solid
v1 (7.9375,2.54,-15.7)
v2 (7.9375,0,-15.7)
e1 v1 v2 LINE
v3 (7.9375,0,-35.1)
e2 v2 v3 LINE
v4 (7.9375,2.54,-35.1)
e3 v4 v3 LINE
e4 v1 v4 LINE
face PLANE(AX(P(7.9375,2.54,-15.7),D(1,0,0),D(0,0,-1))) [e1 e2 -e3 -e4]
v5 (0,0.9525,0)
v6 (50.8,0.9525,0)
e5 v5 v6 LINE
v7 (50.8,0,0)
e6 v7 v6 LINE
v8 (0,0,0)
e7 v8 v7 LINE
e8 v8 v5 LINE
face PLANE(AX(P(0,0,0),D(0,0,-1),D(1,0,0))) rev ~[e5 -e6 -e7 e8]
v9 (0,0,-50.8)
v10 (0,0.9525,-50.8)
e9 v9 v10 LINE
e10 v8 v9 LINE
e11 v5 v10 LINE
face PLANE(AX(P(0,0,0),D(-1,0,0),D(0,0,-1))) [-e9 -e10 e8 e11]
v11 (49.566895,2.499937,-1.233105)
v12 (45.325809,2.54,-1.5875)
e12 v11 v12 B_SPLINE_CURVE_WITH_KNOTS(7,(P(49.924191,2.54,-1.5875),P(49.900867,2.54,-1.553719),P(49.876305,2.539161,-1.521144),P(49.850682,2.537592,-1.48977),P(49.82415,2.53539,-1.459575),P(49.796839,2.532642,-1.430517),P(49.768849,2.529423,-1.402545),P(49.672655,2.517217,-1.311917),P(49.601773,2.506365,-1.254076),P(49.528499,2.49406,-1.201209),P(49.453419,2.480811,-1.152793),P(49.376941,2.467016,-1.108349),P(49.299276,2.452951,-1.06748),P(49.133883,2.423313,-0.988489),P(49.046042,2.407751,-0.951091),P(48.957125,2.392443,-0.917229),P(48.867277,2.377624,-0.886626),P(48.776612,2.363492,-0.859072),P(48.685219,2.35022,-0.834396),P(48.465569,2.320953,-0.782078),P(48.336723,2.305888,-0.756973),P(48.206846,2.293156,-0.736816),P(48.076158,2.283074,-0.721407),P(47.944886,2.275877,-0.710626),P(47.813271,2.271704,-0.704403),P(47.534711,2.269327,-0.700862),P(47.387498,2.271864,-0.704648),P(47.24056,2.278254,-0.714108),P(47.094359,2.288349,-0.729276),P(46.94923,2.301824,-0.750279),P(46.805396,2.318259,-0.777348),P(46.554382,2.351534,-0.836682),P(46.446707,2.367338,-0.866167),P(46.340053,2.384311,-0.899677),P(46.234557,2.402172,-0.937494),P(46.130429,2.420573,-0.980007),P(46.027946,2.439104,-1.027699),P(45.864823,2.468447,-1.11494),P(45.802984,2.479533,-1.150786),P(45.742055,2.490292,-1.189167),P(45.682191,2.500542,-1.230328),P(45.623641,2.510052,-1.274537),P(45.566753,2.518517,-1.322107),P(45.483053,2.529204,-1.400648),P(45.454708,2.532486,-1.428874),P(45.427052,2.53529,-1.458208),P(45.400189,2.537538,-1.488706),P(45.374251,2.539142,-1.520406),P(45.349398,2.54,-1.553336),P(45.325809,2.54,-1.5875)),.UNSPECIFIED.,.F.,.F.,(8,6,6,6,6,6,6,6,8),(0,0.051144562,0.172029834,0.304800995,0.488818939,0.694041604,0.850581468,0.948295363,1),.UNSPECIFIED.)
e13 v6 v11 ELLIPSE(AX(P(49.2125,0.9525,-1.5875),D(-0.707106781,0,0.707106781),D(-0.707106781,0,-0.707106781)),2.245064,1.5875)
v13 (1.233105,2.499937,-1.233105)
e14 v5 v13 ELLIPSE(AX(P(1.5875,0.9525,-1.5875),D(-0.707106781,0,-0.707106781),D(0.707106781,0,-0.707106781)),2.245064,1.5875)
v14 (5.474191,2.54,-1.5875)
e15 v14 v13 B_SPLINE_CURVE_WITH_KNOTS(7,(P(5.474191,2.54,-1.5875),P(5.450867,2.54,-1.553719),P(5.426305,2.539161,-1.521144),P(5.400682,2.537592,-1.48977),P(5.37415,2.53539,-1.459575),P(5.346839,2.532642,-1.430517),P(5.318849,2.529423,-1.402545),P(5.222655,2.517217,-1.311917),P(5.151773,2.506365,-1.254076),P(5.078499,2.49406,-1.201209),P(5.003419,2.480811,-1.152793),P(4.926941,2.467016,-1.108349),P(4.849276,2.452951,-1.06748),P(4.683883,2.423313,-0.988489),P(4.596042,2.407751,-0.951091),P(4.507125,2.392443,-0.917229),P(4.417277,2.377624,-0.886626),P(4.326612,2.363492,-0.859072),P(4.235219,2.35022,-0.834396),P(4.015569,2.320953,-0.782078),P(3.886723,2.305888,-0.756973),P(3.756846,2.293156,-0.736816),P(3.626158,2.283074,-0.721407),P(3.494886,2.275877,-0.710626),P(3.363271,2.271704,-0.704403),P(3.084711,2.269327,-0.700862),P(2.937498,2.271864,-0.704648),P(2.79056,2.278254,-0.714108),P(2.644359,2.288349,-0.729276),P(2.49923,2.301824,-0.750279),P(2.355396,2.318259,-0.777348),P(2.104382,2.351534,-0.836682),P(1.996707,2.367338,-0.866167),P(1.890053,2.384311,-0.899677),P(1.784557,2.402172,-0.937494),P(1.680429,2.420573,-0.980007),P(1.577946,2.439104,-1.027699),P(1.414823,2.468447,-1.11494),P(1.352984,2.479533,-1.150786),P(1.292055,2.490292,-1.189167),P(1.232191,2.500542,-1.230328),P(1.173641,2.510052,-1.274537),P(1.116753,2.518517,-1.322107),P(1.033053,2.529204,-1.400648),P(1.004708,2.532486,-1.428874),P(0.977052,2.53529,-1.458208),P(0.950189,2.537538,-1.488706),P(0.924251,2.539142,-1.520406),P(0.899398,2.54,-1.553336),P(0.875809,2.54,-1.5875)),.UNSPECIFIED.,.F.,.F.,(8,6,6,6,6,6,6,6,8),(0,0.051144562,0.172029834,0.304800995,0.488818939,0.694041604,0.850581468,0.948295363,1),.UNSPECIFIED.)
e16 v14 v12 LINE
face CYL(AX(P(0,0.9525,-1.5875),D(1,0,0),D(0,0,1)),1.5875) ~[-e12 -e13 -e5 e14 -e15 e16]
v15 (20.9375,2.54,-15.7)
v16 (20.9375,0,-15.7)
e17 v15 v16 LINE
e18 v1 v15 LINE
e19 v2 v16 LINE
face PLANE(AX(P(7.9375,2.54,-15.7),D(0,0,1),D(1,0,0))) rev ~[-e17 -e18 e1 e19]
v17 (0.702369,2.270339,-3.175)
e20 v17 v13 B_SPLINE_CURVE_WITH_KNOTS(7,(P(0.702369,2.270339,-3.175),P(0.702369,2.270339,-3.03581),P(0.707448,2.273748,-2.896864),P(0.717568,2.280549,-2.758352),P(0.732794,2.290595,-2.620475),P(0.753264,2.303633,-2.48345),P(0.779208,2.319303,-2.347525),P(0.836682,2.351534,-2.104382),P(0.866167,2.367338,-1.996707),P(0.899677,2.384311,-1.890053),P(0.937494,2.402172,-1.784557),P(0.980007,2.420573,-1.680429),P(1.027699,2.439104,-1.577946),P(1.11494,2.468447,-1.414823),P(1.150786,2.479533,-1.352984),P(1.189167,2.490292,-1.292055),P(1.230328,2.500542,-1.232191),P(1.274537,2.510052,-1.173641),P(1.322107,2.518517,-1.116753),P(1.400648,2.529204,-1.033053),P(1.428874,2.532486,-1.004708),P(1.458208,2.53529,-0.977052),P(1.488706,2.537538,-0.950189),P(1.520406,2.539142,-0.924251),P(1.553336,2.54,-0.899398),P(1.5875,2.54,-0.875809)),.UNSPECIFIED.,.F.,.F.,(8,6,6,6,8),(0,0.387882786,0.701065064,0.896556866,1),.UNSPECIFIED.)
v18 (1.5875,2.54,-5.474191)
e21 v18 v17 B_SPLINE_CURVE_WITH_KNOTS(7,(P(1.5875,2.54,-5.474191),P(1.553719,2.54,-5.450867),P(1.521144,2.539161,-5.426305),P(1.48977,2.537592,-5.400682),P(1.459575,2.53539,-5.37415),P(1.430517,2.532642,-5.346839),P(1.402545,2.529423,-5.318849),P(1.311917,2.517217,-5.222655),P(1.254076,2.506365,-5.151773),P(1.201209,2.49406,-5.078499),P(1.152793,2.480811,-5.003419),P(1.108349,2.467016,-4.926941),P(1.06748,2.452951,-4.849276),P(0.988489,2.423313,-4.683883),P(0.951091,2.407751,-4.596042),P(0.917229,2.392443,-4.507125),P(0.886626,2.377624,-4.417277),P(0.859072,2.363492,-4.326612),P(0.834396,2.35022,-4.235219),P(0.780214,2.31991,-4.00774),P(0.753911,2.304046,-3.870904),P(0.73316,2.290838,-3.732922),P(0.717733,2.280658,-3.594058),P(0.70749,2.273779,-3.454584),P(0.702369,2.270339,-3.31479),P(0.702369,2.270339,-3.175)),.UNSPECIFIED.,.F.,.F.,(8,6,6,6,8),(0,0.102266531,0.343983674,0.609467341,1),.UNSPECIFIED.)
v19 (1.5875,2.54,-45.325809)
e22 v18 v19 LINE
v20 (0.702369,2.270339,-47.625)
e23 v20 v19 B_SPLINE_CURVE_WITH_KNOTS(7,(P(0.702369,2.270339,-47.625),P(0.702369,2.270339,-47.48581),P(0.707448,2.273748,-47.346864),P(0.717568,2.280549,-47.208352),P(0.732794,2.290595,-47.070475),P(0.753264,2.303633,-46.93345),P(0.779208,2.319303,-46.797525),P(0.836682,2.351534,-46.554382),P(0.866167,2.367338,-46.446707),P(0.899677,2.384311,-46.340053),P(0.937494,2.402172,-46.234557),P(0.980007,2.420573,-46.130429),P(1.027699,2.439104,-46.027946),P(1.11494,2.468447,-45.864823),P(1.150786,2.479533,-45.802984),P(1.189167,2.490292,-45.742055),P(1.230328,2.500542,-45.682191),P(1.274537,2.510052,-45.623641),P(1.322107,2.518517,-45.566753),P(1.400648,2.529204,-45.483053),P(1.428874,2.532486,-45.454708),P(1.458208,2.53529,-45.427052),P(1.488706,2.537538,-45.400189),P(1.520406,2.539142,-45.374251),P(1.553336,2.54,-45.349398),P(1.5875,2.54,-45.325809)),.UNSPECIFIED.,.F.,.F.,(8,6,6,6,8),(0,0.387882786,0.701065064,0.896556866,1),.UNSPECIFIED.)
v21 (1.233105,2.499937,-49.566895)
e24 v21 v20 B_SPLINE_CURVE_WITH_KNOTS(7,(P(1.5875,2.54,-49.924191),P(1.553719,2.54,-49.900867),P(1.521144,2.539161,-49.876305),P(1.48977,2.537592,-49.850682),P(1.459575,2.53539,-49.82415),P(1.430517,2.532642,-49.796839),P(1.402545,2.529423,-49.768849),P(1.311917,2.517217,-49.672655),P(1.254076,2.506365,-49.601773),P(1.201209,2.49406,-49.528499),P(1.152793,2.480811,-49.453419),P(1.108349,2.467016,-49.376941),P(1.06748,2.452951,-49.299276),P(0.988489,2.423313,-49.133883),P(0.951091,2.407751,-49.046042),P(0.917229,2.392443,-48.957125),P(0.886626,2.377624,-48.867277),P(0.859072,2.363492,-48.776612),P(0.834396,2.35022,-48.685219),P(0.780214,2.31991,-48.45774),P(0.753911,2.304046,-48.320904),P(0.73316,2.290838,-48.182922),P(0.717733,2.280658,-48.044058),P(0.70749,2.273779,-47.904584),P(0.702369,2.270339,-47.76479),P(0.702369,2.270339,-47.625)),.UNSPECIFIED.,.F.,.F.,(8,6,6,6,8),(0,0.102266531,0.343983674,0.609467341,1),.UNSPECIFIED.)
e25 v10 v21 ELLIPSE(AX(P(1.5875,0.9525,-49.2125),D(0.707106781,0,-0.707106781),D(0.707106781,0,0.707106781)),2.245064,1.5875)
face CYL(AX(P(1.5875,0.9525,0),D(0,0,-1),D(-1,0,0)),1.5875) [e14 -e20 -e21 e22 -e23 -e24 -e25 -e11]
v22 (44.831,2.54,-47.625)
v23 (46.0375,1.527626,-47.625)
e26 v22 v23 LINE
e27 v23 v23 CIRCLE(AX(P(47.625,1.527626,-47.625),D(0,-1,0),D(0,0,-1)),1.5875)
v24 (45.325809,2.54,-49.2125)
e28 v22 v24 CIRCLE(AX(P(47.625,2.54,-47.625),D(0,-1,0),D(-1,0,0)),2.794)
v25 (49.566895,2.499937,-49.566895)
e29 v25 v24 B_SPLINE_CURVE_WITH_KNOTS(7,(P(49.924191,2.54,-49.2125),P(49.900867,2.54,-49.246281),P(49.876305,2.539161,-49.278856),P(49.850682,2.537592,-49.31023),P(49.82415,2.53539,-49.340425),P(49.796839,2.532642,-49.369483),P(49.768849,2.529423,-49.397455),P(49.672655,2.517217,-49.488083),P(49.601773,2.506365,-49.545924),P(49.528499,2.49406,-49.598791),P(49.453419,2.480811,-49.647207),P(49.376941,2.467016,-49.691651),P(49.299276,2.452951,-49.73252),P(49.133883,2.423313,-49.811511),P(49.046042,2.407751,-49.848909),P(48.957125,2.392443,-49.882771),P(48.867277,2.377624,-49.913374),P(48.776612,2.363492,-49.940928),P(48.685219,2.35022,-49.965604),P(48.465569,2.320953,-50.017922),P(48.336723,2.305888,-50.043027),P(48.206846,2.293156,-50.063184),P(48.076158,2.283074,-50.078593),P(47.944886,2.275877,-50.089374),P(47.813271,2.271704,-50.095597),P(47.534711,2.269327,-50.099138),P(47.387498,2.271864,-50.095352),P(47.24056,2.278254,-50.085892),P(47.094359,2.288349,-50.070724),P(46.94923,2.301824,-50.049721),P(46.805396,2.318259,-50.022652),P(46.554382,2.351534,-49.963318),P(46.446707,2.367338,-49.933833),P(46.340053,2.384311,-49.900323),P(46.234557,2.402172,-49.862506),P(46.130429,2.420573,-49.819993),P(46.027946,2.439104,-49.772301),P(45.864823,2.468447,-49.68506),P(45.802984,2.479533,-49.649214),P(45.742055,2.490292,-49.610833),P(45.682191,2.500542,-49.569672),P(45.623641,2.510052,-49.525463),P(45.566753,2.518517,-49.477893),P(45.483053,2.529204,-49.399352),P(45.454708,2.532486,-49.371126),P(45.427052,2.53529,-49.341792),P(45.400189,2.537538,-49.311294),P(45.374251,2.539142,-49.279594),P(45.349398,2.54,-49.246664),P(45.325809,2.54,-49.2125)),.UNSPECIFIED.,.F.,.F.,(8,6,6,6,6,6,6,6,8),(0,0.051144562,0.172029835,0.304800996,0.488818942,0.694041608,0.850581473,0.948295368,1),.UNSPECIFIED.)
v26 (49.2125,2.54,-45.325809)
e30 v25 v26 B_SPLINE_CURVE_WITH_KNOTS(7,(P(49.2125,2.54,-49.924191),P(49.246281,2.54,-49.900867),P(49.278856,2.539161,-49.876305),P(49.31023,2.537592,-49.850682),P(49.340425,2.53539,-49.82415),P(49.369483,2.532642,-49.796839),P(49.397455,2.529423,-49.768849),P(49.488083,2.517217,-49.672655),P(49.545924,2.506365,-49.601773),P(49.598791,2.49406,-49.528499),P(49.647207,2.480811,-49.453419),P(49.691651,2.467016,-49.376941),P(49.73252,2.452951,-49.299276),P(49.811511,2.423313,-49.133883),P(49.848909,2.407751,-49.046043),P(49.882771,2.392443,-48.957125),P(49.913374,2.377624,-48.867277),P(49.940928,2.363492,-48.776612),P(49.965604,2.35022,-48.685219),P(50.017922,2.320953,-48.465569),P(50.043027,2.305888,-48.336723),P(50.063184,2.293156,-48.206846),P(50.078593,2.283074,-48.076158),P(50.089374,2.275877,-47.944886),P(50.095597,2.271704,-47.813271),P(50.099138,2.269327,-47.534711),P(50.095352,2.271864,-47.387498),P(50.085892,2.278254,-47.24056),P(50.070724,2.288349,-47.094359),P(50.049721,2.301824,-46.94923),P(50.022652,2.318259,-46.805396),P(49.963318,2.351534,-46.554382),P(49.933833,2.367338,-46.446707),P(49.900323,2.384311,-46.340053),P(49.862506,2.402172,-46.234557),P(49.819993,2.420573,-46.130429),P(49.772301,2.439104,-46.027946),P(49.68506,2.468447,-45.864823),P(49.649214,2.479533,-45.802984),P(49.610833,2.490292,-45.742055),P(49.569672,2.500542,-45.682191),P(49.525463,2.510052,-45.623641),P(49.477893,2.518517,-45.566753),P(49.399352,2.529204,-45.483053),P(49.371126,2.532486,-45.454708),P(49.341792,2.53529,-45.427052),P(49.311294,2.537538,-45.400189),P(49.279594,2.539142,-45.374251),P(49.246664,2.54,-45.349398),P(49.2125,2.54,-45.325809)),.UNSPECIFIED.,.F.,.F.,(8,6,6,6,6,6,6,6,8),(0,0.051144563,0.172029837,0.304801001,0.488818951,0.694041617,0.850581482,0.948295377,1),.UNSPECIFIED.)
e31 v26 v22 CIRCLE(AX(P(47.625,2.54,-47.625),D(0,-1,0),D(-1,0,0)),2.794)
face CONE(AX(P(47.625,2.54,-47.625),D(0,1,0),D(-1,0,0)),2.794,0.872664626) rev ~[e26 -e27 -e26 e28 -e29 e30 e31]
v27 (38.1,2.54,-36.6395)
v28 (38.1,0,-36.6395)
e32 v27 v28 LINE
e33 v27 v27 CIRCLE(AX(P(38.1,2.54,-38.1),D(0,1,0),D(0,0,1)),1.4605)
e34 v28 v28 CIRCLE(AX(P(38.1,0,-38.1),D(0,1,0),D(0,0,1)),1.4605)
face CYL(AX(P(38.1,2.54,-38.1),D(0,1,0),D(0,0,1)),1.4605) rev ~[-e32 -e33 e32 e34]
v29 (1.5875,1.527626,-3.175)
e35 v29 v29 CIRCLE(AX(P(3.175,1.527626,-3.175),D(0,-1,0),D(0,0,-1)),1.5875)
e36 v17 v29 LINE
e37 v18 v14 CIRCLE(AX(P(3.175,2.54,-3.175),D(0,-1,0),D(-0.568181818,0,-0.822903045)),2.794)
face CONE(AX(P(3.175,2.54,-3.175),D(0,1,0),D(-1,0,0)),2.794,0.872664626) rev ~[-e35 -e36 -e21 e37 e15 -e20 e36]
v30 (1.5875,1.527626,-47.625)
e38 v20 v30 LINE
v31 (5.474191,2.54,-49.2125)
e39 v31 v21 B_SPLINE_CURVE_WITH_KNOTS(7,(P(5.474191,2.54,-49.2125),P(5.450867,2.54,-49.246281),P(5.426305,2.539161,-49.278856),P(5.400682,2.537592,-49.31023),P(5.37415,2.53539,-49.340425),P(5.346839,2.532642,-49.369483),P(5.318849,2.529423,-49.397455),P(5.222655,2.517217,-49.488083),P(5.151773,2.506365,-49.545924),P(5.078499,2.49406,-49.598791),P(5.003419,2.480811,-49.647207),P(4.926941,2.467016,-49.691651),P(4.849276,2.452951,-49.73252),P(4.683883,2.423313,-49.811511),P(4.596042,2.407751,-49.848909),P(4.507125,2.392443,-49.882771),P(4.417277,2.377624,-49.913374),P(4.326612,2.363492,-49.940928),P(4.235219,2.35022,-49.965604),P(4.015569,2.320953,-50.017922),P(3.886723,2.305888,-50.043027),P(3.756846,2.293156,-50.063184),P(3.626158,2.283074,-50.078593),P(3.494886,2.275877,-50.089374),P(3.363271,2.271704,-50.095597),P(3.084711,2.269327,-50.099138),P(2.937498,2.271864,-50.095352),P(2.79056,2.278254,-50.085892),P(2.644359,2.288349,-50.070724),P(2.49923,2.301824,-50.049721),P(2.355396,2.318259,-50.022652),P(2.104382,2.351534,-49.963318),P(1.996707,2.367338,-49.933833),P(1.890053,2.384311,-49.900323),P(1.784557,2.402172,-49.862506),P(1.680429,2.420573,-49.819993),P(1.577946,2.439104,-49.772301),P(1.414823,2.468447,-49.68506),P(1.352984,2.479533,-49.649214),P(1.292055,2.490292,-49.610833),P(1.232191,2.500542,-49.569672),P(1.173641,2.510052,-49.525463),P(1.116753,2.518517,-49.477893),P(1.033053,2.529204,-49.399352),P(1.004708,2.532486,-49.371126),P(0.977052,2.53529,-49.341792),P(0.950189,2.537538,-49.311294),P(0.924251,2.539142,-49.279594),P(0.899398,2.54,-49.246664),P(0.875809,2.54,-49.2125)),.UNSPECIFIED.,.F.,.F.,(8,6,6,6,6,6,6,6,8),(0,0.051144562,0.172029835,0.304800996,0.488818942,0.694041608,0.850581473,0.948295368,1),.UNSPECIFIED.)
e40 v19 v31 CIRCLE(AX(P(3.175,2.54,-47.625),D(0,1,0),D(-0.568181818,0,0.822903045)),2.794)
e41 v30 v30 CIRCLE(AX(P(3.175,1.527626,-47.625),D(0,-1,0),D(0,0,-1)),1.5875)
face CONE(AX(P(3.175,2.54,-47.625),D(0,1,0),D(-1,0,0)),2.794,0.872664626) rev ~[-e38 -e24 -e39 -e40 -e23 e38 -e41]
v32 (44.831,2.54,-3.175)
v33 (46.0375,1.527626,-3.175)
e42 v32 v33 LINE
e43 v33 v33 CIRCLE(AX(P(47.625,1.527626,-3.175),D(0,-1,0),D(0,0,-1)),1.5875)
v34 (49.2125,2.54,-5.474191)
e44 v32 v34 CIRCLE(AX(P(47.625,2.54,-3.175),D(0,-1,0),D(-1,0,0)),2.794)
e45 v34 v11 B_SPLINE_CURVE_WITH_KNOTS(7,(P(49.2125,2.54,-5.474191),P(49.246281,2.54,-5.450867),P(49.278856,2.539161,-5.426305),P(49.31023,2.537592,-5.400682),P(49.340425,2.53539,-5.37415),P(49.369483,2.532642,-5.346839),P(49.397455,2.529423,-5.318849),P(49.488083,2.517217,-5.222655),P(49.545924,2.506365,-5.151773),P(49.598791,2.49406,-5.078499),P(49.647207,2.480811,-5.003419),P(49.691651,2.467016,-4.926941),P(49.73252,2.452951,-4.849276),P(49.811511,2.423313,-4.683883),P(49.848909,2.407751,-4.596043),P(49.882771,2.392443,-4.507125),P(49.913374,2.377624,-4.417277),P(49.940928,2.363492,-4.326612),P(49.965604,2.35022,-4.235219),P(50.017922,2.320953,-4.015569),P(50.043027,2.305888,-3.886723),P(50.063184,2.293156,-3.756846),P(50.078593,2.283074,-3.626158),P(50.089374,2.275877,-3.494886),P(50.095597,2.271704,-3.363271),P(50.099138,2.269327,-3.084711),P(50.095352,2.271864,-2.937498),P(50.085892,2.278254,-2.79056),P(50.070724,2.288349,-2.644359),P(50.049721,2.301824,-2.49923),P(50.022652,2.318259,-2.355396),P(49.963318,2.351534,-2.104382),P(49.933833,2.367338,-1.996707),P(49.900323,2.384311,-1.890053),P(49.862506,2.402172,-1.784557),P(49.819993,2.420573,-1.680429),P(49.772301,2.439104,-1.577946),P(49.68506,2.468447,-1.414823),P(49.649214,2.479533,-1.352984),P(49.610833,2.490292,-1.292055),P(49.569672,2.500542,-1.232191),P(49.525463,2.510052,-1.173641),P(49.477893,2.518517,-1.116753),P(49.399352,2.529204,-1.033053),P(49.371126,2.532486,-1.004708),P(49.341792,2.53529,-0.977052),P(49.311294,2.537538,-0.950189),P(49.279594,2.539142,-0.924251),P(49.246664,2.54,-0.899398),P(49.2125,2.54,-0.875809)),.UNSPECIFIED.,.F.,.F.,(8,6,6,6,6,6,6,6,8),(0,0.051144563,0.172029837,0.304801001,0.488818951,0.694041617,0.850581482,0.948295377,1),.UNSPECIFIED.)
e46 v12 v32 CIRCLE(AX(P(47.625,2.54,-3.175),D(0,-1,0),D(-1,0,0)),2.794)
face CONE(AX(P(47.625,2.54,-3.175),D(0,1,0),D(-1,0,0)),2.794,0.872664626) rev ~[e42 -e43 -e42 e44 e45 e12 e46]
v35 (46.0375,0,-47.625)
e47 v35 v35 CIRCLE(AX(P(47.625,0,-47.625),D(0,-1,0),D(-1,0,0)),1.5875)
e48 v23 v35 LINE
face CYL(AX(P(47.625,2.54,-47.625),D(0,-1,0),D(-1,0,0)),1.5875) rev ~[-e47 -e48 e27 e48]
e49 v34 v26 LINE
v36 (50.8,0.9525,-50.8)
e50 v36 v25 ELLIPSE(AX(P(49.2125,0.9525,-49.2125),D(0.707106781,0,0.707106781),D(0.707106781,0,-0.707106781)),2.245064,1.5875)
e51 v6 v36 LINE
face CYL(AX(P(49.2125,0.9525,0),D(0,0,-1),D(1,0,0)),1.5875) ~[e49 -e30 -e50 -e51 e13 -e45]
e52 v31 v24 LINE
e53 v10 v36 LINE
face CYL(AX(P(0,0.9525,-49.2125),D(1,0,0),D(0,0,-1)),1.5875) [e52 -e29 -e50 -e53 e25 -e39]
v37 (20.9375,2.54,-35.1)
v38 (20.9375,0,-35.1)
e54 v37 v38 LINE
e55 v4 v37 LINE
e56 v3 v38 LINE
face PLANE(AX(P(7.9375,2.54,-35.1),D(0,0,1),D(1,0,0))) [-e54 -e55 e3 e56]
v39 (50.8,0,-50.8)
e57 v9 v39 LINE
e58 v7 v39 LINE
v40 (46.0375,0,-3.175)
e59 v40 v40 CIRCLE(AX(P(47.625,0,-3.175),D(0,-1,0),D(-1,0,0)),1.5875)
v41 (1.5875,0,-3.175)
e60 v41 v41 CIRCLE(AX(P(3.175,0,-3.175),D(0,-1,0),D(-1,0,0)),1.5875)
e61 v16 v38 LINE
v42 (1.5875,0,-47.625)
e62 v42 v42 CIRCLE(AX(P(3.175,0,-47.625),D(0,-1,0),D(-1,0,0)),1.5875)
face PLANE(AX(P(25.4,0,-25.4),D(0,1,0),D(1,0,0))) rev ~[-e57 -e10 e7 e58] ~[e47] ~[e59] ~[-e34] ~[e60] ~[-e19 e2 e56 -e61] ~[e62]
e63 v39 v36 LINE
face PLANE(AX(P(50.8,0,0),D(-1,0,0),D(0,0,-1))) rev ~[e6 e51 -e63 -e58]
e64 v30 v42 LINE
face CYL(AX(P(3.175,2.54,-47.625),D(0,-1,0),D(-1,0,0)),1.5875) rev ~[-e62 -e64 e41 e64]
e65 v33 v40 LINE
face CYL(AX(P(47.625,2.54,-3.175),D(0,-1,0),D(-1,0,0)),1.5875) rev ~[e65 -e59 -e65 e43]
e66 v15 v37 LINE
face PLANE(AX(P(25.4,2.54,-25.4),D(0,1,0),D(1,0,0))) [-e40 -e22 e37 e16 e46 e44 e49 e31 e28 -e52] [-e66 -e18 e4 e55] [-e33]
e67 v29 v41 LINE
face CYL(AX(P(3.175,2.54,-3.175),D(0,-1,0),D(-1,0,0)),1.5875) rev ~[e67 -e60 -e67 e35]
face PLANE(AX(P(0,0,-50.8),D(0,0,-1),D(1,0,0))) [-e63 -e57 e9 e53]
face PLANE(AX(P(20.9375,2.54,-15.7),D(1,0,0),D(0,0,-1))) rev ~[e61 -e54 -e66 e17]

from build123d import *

# Parameters (mm, degrees)
SKETCH1_W                                       = 50.8
SKETCH1_H                                       = 50.8
BOSS_EXTRUDE1_DEPTH                             = 2.54
FILLET1_R                                       = 1.5875
CSK_FOR_M3_FLAT_HEAD_MACHINE_SCREW1_D           = 3.175
CSK_FOR_M3_FLAT_HEAD_MACHINE_SCREW1_CSINK_D     = 5.588
CSK_FOR_M3_FLAT_HEAD_MACHINE_SCREW1_CSINK_ANGLE = 100
SKETCH4_W                                       = 13
SKETCH4_H                                       = 19.4
CUT_EXTRUDE1_DEPTH                              = 72.886936368
SKETCH5_R                                       = 1.4605
CUT_EXTRUDE2_DEPTH                              = 72.886936368


with BuildPart() as part:
    # Sketch1 → Boss-Extrude1 (new body)
    with BuildSketch(Plane(origin=(0, 0, 0), x_dir=(1, 0, 0), z_dir=(0, 1, 0))):
        with Locations((25.4, 25.4)):
            Rectangle(SKETCH1_W, SKETCH1_H)
    extrude(amount=BOSS_EXTRUDE1_DEPTH)

    # Fillet1
    fillet1_edges = [part.edges().sort_by_distance(p)[0] for p in [
        (50.8, 2.54, -25.4),
        (25.4, 2.54, -50.8),
        (0, 2.54, -25.4),
        (25.4, 2.54, 0),
    ]]
    fillet(fillet1_edges, radius=FILLET1_R)

    # CSK for M3 Flat Head Machine Screw1 (through all)
    with Locations(Plane(origin=(0, 2.54, 0), x_dir=(1, 0, 0), z_dir=(0, 1, 0))):
        with Locations((3.175, 47.625), (47.625, 47.625), (47.625, 3.175), (3.175, 3.175)):
            CounterSinkHole(CSK_FOR_M3_FLAT_HEAD_MACHINE_SCREW1_D / 2, CSK_FOR_M3_FLAT_HEAD_MACHINE_SCREW1_CSINK_D / 2, counter_sink_angle=CSK_FOR_M3_FLAT_HEAD_MACHINE_SCREW1_CSINK_ANGLE)

    # Sketch4 → Cut-Extrude1 (cut, through all)
    with BuildSketch(Plane(origin=(0, 2.54, 0), x_dir=(1, 0, 0), z_dir=(0, 1, 0))):
        with Locations((14.4375, 25.4)):
            Rectangle(SKETCH4_W, SKETCH4_H)
    extrude(amount=-CUT_EXTRUDE1_DEPTH, mode=Mode.SUBTRACT)

    # Sketch5 → Cut-Extrude2 (cut, through all)
    with BuildSketch(Plane(origin=(0, 2.54, 0), x_dir=(1, 0, 0), z_dir=(0, 1, 0))):
        with Locations(Location((38.1, 38.1, 0), (0, 0, 270))):
            Circle(SKETCH5_R)
    extrude(amount=-CUT_EXTRUDE2_DEPTH, mode=Mode.SUBTRACT)


solid = part.part
